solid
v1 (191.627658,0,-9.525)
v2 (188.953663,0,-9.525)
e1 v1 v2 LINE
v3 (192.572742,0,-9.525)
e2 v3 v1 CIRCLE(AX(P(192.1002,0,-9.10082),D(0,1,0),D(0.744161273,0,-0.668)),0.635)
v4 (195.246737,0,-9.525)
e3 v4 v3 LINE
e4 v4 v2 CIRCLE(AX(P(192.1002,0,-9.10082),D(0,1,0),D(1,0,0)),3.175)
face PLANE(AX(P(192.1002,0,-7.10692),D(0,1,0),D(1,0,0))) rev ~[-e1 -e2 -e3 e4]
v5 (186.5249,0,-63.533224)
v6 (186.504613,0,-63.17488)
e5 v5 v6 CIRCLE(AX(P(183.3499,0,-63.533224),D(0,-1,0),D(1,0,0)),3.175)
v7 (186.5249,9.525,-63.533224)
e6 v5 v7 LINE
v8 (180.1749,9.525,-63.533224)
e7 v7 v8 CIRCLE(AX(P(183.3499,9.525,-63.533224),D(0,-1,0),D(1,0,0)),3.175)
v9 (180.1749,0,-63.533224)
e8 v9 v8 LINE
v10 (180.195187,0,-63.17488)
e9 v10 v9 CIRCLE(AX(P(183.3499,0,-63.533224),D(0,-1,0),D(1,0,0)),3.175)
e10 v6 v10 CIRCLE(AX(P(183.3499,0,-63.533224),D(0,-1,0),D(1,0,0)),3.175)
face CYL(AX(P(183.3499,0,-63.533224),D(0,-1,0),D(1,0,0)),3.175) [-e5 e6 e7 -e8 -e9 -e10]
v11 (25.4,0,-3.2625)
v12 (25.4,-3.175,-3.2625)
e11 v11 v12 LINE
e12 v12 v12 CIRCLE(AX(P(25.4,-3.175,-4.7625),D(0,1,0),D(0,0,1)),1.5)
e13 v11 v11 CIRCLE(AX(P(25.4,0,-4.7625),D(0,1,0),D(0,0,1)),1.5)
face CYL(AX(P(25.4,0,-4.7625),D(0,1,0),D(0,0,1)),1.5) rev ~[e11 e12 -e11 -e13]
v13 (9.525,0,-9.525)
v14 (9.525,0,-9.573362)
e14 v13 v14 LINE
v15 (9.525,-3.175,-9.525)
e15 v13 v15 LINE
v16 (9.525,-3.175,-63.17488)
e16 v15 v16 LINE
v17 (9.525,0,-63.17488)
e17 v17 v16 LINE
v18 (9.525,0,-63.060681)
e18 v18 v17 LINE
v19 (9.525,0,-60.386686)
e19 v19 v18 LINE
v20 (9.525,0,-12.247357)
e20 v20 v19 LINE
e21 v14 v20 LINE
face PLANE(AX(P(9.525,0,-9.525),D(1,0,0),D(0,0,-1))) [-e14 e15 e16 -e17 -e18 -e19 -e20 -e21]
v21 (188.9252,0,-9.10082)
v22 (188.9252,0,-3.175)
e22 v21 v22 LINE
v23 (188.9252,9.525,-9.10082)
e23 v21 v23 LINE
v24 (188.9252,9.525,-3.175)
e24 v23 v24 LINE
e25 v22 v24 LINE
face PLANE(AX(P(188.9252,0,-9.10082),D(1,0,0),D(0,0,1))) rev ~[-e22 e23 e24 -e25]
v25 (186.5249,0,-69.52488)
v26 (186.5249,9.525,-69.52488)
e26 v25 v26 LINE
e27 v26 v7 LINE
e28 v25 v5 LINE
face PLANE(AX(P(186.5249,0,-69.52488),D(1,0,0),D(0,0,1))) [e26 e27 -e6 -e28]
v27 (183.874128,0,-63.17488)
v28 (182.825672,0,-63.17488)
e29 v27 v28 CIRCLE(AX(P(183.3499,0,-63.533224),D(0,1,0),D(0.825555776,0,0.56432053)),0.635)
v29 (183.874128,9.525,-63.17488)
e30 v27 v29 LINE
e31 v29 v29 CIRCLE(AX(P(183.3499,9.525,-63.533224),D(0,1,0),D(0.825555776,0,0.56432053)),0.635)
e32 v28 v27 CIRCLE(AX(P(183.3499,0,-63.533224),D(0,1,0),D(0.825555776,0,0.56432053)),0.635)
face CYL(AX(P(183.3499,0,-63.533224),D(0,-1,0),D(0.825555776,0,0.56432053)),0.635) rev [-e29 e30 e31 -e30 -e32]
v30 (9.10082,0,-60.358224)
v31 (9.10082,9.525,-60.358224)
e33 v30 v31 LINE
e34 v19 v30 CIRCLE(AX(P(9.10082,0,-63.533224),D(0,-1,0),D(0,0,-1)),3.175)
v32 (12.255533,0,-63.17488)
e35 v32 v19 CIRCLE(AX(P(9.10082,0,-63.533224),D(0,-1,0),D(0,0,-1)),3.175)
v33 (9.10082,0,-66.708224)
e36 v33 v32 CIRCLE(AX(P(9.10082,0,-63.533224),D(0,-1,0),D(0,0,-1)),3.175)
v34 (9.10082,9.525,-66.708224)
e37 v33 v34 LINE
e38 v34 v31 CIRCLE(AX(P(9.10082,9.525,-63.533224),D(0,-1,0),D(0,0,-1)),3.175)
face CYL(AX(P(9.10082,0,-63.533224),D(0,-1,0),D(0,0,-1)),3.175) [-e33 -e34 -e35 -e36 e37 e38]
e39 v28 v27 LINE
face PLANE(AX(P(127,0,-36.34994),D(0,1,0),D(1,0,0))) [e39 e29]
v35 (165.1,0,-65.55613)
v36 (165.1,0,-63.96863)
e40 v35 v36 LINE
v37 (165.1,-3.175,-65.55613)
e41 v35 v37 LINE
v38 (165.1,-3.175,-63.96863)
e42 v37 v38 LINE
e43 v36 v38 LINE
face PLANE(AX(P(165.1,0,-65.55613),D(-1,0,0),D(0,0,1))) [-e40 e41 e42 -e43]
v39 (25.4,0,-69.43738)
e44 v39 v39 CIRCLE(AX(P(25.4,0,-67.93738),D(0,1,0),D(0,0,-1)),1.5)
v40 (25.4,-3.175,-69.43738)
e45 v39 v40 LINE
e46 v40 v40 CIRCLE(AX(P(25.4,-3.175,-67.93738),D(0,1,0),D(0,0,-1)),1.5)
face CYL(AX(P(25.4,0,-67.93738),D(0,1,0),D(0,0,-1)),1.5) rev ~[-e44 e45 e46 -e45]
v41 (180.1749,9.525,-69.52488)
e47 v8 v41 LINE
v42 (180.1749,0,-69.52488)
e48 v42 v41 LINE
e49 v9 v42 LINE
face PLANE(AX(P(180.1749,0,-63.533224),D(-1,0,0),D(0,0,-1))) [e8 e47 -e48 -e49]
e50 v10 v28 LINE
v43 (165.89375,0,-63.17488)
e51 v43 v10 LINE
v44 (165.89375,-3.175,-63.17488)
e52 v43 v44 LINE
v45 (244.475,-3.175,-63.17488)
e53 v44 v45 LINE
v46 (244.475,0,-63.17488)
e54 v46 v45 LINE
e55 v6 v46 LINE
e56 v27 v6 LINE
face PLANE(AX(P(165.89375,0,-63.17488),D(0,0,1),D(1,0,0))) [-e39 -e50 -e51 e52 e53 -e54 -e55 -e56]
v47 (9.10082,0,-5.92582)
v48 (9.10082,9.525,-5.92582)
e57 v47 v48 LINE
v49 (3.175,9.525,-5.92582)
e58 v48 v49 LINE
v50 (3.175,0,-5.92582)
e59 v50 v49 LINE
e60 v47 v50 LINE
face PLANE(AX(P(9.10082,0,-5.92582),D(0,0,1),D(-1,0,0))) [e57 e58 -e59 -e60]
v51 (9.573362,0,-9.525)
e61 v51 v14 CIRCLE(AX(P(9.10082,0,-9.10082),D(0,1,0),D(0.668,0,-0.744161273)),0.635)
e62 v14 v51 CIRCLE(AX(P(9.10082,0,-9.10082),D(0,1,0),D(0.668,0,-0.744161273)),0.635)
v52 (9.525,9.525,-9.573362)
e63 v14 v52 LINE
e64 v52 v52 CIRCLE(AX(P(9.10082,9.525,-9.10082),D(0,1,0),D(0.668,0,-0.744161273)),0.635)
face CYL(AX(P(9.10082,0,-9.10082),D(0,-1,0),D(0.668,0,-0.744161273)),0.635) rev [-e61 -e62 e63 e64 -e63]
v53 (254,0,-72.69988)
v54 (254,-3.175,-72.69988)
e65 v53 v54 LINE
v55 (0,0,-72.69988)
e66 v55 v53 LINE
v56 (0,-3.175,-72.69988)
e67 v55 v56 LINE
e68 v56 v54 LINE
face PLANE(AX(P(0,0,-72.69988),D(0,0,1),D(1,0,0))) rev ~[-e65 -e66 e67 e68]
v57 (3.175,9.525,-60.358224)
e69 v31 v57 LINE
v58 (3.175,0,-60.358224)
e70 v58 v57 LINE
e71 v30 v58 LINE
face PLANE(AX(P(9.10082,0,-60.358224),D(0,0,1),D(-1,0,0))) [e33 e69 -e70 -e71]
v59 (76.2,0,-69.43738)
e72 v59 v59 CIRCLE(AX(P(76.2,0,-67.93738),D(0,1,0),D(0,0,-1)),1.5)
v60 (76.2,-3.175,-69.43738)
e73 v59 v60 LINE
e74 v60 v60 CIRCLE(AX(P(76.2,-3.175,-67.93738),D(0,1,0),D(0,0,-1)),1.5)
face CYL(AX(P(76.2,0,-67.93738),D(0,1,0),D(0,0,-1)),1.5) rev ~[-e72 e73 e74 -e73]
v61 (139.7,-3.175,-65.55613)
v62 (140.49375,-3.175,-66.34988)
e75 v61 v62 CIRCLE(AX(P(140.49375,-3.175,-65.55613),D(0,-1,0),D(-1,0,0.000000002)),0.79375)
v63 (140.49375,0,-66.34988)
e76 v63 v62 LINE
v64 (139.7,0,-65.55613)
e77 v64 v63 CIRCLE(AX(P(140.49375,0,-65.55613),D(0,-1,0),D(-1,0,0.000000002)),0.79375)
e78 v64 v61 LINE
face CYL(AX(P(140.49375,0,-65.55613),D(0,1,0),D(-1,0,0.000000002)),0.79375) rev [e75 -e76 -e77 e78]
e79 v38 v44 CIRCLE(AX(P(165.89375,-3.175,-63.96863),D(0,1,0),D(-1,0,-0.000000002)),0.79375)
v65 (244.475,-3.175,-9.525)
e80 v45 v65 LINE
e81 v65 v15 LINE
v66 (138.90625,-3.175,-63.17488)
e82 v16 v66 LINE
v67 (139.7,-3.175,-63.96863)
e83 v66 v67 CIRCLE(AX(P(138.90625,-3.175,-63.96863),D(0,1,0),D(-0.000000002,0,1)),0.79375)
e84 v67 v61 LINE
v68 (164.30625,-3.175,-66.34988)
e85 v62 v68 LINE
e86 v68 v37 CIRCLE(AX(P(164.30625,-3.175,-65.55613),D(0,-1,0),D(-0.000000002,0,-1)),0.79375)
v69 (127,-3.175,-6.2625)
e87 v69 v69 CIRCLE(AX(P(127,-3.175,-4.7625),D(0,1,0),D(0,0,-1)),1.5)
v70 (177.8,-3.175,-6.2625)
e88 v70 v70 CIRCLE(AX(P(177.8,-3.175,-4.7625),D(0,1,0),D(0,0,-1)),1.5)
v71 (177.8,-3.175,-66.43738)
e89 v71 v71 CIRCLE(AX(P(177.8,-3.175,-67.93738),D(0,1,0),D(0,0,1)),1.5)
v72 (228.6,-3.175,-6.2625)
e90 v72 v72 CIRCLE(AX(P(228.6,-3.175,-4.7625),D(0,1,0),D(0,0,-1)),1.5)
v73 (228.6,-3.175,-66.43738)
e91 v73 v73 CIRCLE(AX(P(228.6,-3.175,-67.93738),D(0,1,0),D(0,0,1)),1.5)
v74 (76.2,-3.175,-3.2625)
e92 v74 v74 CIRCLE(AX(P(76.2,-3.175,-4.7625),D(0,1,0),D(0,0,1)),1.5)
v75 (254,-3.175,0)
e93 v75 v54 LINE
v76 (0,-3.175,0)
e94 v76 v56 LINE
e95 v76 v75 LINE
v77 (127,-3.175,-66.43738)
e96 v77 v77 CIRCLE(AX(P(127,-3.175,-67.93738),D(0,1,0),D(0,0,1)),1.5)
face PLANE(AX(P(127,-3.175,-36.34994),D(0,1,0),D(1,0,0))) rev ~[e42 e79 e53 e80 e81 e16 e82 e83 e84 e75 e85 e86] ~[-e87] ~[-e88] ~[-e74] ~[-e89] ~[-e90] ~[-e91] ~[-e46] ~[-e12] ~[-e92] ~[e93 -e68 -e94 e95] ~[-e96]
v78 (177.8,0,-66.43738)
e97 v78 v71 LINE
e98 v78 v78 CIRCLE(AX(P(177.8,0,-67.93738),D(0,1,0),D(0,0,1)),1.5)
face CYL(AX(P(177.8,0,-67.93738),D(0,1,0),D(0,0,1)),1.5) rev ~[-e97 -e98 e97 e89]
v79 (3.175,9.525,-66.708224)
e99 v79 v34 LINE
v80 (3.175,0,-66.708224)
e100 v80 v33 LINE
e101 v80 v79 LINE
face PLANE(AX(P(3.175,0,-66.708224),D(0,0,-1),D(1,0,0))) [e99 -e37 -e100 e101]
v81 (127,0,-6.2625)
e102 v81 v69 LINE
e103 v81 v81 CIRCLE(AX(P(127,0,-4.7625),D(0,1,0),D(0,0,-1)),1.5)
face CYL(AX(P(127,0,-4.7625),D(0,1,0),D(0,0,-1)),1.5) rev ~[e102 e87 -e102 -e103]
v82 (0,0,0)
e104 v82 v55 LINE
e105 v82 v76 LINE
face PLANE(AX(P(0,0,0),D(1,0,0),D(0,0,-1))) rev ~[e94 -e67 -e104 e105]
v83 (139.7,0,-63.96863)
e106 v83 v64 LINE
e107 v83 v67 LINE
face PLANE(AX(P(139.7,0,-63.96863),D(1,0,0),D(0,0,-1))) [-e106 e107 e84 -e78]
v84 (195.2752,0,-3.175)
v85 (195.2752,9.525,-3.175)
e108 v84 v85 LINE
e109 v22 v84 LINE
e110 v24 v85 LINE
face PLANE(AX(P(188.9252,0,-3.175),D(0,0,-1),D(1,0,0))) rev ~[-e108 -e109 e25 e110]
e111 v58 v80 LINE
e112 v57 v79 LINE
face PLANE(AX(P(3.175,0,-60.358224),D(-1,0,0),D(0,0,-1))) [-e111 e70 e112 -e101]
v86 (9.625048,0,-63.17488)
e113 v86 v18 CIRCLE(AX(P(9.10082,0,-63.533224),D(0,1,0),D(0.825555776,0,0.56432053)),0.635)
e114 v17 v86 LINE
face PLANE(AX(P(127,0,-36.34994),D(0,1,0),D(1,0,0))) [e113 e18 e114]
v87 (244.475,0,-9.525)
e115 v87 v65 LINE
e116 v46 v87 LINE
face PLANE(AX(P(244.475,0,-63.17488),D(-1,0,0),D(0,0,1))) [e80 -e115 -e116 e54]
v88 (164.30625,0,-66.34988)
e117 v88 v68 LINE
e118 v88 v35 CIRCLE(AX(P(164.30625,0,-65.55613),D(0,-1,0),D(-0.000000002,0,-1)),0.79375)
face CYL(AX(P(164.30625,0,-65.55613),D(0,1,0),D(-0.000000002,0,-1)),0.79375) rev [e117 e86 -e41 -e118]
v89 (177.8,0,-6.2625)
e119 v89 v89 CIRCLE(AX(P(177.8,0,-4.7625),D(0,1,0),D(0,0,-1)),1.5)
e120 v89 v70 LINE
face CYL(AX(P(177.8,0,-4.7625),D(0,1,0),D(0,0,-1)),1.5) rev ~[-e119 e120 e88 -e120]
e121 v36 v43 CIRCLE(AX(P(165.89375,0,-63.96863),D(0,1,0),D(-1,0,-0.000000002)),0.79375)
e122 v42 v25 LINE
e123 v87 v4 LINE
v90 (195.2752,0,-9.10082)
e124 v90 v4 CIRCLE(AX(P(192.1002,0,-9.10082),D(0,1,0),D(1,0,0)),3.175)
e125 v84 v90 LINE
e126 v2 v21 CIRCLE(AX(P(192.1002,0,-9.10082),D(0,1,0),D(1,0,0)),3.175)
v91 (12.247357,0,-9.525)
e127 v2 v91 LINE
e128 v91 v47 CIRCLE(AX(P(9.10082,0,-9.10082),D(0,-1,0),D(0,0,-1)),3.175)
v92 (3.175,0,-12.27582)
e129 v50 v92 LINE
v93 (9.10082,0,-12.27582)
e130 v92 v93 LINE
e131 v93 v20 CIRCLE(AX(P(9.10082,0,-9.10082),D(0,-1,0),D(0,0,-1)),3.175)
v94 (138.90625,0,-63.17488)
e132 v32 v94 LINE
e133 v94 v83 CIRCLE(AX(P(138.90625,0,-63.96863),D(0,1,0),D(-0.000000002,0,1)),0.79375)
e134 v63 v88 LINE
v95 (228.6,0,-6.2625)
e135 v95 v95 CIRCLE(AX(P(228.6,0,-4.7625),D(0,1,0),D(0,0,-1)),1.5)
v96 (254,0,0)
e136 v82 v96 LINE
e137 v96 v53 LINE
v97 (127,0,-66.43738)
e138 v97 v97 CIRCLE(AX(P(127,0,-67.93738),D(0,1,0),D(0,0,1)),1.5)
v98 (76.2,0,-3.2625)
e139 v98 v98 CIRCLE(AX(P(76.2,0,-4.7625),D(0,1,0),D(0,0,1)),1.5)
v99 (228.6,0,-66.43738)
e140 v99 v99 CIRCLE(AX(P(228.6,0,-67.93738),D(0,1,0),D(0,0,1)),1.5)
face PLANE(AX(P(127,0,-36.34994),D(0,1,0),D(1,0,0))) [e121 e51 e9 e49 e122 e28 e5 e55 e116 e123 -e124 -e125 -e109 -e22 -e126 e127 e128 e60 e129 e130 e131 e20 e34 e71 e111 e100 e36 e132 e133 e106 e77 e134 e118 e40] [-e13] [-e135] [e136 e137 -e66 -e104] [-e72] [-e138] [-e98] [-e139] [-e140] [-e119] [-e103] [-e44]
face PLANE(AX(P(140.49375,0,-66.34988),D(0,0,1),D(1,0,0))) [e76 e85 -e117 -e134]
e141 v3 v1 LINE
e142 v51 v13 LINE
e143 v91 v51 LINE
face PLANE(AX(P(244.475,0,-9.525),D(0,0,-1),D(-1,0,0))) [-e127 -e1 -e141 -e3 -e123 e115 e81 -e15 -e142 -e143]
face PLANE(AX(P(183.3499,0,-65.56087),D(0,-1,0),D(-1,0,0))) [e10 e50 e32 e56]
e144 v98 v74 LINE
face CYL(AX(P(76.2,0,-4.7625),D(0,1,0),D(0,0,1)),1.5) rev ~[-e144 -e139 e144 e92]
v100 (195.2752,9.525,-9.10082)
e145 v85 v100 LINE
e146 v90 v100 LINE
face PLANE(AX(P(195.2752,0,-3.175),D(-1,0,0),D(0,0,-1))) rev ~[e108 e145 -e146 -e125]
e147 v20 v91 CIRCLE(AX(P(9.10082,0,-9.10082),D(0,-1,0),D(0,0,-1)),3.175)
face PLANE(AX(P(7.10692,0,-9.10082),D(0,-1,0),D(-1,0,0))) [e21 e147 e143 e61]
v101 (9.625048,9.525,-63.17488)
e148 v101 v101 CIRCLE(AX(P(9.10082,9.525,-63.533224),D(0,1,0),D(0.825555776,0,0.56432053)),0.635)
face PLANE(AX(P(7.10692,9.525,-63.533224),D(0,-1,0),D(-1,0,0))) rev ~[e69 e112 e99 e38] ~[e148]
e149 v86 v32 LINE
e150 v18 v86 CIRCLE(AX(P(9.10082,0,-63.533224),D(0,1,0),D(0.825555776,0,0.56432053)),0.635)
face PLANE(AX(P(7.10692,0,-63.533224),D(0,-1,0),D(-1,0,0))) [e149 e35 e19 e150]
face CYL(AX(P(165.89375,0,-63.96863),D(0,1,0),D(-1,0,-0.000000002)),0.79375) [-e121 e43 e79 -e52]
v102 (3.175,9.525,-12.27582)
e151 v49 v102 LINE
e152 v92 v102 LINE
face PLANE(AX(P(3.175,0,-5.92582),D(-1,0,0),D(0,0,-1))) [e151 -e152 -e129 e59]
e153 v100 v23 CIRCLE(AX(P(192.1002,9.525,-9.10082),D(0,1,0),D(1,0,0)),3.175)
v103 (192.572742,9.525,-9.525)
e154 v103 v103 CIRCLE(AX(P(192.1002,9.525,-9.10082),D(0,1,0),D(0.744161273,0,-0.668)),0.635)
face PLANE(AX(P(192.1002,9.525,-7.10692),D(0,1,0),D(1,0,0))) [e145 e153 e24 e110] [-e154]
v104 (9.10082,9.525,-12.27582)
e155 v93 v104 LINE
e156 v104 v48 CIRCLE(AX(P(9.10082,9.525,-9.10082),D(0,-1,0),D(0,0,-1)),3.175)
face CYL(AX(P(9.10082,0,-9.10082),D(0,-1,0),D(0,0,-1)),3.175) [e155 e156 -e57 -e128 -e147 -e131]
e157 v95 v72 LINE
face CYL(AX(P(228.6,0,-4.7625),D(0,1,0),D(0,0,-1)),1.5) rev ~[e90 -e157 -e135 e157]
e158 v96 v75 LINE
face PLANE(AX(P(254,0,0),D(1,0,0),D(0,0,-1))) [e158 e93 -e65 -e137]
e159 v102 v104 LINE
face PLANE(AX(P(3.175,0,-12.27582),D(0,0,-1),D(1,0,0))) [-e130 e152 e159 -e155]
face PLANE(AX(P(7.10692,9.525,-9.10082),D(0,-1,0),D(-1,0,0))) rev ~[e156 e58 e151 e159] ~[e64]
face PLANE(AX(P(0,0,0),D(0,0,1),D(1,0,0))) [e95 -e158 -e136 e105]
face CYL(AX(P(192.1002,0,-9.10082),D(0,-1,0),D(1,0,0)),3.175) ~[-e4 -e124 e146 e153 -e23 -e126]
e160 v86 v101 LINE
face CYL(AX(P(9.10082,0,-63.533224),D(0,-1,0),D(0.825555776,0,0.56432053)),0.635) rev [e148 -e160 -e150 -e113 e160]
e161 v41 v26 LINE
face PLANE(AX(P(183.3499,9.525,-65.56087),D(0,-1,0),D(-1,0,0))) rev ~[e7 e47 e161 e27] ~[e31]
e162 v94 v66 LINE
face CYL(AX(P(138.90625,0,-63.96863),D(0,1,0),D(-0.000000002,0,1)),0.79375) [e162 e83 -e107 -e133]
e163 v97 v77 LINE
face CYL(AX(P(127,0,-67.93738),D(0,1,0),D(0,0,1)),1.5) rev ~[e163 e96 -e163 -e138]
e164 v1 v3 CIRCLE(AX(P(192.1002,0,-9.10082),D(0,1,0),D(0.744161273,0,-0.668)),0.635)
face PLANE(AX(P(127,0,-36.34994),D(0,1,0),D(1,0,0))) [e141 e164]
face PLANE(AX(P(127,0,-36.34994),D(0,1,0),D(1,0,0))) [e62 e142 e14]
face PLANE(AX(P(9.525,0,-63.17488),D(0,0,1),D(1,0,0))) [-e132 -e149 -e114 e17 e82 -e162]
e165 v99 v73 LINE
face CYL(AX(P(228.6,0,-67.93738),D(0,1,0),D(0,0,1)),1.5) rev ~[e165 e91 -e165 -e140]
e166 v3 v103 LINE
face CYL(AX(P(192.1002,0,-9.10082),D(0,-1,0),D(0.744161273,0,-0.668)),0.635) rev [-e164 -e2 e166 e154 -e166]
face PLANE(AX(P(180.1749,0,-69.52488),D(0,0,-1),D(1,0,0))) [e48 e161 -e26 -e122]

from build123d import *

# Parameters (mm, degrees)
SKETCH1_W           = 254
SKETCH1_H           = 72.69988
SKETCH1_R           = 1.5
BOSS_EXTRUDE1_DEPTH = 3.175
SKETCH1_7_R         = 0.635
BOSS_EXTRUDE2_DEPTH = 9.525


with BuildPart() as part:
    # Sketch1 → Boss-Extrude1 (new body)
    with BuildSketch(Plane(origin=(0, 0, 0), x_dir=(1, 0, 0), z_dir=(0, 1, 0))):
        with Locations((127, 36.34994)):
            Rectangle(SKETCH1_W, SKETCH1_H)
        with Locations((25.4, 4.7625)):
            Circle(SKETCH1_R, mode=Mode.SUBTRACT)
        with Locations((76.2, 4.7625)):
            Circle(SKETCH1_R, mode=Mode.SUBTRACT)
        with Locations((127, 4.7625)):
            Circle(SKETCH1_R, mode=Mode.SUBTRACT)
        with Locations((177.8, 4.7625)):
            Circle(SKETCH1_R, mode=Mode.SUBTRACT)
        with Locations((228.6, 4.7625)):
            Circle(SKETCH1_R, mode=Mode.SUBTRACT)
        with BuildLine():
            Line((244.475, 63.17488), (244.475, 9.525))
            Line((244.475, 9.525), (9.525, 9.525))
            Line((9.525, 9.525), (9.525, 63.17488))
            Line((9.525, 63.17488), (138.90625, 63.17488))
            ThreePointArc((138.90625, 63.17488), (139.467516008, 63.407363992), (139.7, 63.96863))
            Line((139.7, 63.96863), (139.7, 65.55613))
            ThreePointArc((139.7, 65.55613), (139.932483992, 66.117396008), (140.49375, 66.34988))
            Line((140.49375, 66.34988), (164.30625, 66.34988))
            ThreePointArc((164.30625, 66.34988), (164.867516008, 66.117396008), (165.1, 65.55613))
            Line((165.1, 65.55613), (165.1, 63.96863))
            ThreePointArc((165.1, 63.96863), (165.332483992, 63.407363992), (165.89375, 63.17488))
            Line((165.89375, 63.17488), (244.475, 63.17488))
        make_face(mode=Mode.SUBTRACT)
        with Locations((25.4, 67.93738)):
            Circle(SKETCH1_R, mode=Mode.SUBTRACT)
        with Locations((76.2, 67.93738)):
            Circle(SKETCH1_R, mode=Mode.SUBTRACT)
        with Locations((127, 67.93738)):
            Circle(SKETCH1_R, mode=Mode.SUBTRACT)
        with Locations((177.8, 67.93738)):
            Circle(SKETCH1_R, mode=Mode.SUBTRACT)
        with Locations((228.6, 67.93738)):
            Circle(SKETCH1_R, mode=Mode.SUBTRACT)
    extrude(amount=-BOSS_EXTRUDE1_DEPTH)

    # Sketch1<7> → Boss-Extrude2 (add)
    # profile 1 of 4: a face of its own
    with BuildSketch(Plane(origin=(0, 0, 0), x_dir=(1, 0, 0), z_dir=(0, 1, 0))):
        with BuildLine():
            Line((180.1749, 69.52488), (186.5249, 69.52488))
            Line((186.5249, 69.52488), (186.5249, 63.533223536))
            ThreePointArc((186.5249, 63.533223536), (183.3499, 60.358223536), (180.1749, 63.533223536))
            Line((180.1749, 63.533223536), (180.1749, 69.52488))
        make_face()
        with Locations((183.3499, 63.533223536)):
            Circle(SKETCH1_7_R, mode=Mode.SUBTRACT)
    # profile 2 of 4: a face of its own
    with BuildSketch(Plane(origin=(0, 0, 0), x_dir=(1, 0, 0), z_dir=(0, 1, 0))):
        with BuildLine():
            Line((188.9252, 9.10082), (188.9252, 3.175))
            Line((188.9252, 3.175), (195.2752, 3.175))
            Line((195.2752, 3.175), (195.2752, 9.10082))
            ThreePointArc((195.2752, 9.10082), (192.1002, 12.27582), (188.9252, 9.10082))
        make_face()
        with Locations((192.1002, 9.10082)):
            Circle(SKETCH1_7_R, mode=Mode.SUBTRACT)
    # profile 3 of 4: a face of its own
    with BuildSketch(Plane(origin=(0, 0, 0), x_dir=(1, 0, 0), z_dir=(0, 1, 0))):
        with BuildLine():
            Line((3.175, 12.27582), (9.10082, 12.27582))
            ThreePointArc((9.10082, 12.27582), (12.27582, 9.10082), (9.10082, 5.92582))
            Line((9.10082, 5.92582), (3.175, 5.92582))
            Line((3.175, 5.92582), (3.175, 12.27582))
        make_face()
        with Locations((9.10082, 9.10082)):
            Circle(SKETCH1_7_R, mode=Mode.SUBTRACT)
    # profile 4 of 4: a face of its own
    with BuildSketch(Plane(origin=(0, 0, 0), x_dir=(1, 0, 0), z_dir=(0, 1, 0))):
        with BuildLine():
            Line((3.175, 66.708223536), (9.10082, 66.708223536))
            ThreePointArc((9.10082, 66.708223536), (12.27582, 63.533223536), (9.10082, 60.358223536))
            Line((9.10082, 60.358223536), (3.175, 60.358223536))
            Line((3.175, 60.358223536), (3.175, 66.708223536))
        make_face()
        with Locations((9.10082, 63.533223536)):
            Circle(SKETCH1_7_R, mode=Mode.SUBTRACT)
    extrude(amount=BOSS_EXTRUDE2_DEPTH)


solid = part.part
